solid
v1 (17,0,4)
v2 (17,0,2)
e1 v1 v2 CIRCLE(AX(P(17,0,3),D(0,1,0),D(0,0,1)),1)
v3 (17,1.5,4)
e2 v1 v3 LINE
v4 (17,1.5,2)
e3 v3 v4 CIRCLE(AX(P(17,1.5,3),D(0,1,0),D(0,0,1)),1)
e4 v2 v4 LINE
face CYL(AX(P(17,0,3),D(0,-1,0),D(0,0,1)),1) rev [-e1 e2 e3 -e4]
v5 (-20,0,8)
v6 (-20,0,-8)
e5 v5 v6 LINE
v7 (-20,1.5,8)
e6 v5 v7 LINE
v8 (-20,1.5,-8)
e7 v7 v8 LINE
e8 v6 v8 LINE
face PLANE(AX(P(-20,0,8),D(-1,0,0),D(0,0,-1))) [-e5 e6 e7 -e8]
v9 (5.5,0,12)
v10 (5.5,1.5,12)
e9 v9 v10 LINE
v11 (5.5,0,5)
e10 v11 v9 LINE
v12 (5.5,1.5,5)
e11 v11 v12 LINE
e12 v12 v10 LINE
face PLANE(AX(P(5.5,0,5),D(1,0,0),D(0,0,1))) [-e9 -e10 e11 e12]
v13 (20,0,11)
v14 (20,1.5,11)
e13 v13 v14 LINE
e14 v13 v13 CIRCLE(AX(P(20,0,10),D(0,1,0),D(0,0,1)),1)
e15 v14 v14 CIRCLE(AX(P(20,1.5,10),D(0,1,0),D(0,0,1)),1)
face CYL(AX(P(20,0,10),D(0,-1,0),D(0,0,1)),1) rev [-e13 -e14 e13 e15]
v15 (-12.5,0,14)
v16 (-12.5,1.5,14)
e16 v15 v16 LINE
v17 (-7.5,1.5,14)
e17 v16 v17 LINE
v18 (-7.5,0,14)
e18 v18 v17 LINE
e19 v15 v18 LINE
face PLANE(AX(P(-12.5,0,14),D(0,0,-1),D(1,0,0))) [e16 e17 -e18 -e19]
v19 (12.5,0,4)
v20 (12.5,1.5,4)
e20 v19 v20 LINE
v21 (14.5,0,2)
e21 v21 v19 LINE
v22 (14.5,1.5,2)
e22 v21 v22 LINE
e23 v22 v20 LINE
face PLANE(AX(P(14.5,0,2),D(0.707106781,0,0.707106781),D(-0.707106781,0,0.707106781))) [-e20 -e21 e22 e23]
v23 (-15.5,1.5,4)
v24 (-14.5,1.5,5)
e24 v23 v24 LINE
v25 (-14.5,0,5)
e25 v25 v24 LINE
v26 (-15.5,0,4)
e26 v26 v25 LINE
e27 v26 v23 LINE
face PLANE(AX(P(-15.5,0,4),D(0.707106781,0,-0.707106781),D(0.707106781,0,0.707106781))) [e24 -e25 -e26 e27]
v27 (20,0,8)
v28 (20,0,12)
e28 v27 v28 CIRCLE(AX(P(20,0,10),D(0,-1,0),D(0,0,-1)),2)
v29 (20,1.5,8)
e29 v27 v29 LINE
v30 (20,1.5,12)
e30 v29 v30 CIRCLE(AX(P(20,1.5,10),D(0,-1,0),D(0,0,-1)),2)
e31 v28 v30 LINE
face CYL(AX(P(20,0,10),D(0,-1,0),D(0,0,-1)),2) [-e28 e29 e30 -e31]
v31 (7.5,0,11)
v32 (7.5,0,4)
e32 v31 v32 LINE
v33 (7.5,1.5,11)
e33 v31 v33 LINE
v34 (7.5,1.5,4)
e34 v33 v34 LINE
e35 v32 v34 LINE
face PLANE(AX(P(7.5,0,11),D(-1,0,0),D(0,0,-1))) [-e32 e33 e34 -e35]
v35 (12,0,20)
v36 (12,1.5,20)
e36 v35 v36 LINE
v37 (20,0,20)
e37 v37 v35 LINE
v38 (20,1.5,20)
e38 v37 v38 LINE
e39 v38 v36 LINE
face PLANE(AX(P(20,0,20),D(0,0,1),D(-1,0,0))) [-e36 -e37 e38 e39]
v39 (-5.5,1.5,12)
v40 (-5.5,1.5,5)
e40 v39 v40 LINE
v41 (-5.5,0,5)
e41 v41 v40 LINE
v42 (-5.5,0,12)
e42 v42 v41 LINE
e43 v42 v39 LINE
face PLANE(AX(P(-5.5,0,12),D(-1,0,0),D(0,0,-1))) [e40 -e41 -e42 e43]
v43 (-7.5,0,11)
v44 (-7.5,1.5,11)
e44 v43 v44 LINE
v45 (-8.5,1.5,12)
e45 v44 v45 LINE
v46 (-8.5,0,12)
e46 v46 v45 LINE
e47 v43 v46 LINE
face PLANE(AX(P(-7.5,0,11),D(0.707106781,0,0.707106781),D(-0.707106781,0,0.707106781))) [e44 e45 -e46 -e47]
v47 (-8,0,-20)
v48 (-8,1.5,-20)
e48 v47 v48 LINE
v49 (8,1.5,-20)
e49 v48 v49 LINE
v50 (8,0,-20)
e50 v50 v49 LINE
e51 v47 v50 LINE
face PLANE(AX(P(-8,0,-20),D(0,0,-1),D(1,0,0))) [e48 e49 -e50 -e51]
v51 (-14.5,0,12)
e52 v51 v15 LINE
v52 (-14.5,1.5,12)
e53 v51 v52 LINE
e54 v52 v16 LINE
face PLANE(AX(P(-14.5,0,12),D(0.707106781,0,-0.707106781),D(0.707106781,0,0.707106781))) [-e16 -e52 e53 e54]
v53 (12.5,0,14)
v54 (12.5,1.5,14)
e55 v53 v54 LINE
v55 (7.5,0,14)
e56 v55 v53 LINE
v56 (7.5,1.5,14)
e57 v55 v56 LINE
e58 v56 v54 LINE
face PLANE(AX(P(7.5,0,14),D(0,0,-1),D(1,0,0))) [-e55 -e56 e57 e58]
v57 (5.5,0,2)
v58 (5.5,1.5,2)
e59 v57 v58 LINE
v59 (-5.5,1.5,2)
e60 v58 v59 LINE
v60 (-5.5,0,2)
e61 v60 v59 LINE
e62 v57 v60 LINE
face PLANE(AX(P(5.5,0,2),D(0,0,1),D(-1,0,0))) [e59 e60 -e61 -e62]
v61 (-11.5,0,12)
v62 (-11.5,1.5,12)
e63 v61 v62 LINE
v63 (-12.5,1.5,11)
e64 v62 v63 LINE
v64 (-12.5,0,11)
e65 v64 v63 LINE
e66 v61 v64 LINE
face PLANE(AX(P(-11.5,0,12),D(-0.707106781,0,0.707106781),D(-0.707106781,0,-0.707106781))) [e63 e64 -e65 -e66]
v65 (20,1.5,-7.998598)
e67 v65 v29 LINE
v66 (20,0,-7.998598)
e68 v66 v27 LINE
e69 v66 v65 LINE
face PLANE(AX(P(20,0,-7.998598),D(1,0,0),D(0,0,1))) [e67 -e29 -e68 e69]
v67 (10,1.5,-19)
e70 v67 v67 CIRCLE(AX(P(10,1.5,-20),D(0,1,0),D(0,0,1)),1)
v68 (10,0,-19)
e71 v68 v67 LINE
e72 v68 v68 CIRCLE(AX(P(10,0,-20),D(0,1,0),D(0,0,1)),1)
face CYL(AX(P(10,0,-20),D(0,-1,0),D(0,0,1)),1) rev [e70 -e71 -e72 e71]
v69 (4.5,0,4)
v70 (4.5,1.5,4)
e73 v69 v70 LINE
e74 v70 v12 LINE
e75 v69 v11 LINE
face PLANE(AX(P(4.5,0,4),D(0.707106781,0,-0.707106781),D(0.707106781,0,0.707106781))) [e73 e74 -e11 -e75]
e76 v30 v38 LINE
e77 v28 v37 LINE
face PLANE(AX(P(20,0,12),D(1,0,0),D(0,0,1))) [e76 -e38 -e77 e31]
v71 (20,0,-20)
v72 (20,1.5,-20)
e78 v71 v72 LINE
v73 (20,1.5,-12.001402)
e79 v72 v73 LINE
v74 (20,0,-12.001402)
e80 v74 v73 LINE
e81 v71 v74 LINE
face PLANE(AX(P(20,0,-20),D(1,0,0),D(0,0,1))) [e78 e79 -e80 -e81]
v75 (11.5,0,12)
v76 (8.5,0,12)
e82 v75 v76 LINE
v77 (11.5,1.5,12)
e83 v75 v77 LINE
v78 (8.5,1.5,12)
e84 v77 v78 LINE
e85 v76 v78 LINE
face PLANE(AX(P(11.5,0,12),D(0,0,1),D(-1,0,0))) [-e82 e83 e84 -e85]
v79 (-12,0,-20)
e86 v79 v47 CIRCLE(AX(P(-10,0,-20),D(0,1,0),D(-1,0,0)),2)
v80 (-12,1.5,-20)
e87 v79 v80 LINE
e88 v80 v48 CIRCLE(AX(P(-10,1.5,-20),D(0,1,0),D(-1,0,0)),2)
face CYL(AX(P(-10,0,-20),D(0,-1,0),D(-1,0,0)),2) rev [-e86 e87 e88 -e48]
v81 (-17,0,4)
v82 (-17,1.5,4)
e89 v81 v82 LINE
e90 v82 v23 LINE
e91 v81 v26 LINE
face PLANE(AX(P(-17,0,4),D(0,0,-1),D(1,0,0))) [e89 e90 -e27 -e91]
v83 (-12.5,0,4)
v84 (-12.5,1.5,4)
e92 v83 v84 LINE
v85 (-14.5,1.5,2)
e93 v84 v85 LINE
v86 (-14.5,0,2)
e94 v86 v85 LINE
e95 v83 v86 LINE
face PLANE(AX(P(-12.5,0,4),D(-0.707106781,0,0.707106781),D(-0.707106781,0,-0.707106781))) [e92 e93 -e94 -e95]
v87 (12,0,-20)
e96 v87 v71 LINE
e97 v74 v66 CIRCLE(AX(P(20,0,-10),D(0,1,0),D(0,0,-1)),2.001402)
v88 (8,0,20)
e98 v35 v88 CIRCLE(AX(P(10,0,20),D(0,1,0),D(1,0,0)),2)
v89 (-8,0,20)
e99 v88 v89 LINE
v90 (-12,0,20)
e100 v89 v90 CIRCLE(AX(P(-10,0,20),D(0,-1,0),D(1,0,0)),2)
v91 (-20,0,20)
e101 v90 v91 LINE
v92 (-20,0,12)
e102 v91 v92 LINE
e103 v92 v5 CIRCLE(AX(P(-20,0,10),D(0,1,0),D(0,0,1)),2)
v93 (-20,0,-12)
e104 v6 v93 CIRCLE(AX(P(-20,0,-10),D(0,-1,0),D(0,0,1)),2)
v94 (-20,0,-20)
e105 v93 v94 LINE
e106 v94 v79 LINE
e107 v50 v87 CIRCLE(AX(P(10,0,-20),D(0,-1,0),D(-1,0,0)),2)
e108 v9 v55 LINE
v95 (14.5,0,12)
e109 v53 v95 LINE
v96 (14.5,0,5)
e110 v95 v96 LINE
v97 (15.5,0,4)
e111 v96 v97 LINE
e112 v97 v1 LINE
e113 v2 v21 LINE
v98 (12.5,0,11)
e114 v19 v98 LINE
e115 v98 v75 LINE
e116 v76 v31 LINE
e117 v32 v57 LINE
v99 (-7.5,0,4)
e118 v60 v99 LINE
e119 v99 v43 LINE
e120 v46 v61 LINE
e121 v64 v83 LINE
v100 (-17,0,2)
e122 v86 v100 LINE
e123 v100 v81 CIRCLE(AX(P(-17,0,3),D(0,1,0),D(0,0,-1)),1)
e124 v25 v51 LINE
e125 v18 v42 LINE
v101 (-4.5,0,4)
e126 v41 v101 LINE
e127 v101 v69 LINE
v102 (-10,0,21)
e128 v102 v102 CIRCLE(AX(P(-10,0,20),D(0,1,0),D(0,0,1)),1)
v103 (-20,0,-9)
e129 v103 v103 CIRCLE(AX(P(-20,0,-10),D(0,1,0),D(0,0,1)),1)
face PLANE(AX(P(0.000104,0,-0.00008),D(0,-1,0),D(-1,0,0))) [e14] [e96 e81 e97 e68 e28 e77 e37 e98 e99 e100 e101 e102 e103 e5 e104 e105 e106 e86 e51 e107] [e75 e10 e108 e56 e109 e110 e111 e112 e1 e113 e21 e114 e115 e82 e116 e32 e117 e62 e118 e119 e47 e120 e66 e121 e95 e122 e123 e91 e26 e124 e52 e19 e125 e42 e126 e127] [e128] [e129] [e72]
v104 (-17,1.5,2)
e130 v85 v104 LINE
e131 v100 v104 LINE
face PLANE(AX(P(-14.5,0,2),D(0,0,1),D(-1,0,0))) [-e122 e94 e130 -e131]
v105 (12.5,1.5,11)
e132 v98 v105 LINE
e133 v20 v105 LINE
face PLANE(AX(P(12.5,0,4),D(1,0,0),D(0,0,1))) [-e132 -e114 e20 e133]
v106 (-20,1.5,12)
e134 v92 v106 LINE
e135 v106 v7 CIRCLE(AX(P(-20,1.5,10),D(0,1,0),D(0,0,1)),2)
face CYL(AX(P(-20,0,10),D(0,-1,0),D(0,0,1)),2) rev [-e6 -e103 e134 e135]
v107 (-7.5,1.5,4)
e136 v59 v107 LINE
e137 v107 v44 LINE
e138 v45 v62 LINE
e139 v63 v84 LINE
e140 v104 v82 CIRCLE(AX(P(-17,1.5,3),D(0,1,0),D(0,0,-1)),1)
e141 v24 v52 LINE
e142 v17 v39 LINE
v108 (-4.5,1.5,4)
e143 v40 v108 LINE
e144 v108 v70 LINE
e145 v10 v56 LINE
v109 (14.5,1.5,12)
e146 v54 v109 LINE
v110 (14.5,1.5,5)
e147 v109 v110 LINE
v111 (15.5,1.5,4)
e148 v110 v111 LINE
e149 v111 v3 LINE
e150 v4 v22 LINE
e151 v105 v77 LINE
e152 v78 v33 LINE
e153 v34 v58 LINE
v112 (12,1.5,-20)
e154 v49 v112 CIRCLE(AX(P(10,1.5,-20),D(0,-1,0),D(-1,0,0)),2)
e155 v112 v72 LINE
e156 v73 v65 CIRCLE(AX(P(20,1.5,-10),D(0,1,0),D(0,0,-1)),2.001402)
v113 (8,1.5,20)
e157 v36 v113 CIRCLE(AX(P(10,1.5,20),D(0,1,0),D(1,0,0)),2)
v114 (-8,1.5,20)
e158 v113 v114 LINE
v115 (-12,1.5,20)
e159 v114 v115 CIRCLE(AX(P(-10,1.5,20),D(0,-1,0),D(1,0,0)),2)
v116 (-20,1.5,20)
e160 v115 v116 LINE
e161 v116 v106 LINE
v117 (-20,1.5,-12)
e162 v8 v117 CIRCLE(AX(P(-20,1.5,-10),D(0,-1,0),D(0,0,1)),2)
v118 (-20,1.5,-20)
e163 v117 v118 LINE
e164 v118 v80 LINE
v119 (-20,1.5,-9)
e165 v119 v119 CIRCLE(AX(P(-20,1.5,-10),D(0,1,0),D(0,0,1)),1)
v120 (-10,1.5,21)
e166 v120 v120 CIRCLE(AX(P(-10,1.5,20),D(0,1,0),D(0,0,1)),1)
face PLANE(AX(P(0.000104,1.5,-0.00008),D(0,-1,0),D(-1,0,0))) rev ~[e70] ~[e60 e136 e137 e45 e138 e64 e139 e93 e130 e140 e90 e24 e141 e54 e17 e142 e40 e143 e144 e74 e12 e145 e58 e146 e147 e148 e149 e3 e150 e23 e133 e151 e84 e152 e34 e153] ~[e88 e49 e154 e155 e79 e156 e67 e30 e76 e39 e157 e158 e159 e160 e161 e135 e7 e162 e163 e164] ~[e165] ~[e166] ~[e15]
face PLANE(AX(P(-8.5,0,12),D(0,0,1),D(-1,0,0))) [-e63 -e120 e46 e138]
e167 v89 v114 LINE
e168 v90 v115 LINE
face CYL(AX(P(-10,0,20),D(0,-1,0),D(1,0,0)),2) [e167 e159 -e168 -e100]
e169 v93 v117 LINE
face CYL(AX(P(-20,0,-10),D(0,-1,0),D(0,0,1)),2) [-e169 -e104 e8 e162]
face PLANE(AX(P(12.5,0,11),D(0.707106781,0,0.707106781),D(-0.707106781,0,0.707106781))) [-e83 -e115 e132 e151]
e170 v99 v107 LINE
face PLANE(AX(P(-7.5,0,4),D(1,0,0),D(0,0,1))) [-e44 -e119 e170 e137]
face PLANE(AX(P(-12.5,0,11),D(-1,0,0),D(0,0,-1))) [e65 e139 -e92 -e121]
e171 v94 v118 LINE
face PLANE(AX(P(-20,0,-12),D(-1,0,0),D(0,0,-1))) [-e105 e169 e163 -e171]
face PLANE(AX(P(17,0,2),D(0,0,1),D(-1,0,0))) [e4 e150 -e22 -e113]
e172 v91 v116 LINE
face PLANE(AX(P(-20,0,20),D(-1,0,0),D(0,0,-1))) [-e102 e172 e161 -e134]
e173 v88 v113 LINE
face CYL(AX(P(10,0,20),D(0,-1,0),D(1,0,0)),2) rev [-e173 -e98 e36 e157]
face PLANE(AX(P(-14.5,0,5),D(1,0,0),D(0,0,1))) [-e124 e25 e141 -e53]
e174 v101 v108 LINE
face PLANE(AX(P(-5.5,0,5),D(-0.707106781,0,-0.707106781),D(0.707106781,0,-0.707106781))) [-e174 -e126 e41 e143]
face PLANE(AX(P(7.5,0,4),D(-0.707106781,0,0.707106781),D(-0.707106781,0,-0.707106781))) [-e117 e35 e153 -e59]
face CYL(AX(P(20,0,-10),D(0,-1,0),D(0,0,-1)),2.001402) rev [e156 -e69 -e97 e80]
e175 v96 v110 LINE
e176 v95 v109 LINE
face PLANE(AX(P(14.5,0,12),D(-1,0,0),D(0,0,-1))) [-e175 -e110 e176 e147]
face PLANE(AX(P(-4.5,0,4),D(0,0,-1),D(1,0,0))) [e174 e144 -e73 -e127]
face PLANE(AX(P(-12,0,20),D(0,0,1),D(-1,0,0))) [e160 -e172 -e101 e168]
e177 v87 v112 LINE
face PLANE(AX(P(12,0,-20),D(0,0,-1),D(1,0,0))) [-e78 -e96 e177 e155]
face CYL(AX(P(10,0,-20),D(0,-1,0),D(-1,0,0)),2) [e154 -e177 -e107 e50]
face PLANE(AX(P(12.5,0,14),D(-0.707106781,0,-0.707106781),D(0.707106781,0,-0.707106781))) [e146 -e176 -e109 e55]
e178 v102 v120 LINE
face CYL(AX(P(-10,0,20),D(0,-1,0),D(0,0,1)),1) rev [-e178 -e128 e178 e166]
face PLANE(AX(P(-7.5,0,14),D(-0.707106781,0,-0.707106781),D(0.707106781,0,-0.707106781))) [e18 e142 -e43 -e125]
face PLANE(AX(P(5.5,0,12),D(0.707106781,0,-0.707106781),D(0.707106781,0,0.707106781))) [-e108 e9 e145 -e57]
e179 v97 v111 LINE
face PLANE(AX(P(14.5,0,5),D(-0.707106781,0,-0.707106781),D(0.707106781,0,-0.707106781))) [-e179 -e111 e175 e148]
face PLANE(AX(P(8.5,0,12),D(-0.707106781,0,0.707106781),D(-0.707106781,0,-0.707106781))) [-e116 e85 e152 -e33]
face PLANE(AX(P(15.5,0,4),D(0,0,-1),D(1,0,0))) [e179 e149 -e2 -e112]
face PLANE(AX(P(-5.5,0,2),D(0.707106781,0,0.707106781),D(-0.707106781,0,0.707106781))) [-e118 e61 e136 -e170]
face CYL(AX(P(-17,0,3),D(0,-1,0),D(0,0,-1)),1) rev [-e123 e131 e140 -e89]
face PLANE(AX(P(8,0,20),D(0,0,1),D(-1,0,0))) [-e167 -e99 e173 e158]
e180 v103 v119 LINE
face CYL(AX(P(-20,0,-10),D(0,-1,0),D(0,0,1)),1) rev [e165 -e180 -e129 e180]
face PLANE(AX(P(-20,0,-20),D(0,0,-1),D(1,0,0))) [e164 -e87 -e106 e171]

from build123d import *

# Parameters (mm, degrees)
ESQUISSE1_R        = 1
BOSS_EXTRU_1_DEPTH = 1.5


with BuildPart() as part:
    # Esquisse1 → Boss.-Extru.1 (new body)
    with BuildSketch(Plane(origin=(0, 0, 0), x_dir=(1, 0, 0), z_dir=(0, 1, 0))):
        with BuildLine():
            Line((-20, 20), (-12, 20))
            ThreePointArc((-12, 20), (-10, 18), (-8, 20))
            Line((-8, 20), (8, 20))
            ThreePointArc((8, 20), (10, 22), (12, 20))
            Line((12, 20), (20, 20))
            Line((20, 20), (20, 12.001401689))
            ThreePointArc((20, 12.001401689), (17.998598311, 10), (20, 7.998598311))
            Line((20, 7.998598311), (20, -8))
            ThreePointArc((20, -8), (22, -10), (20, -12))
            Line((20, -12), (20, -20))
            Line((20, -20), (12, -20))
            ThreePointArc((12, -20), (10, -18), (8, -20))
            Line((8, -20), (-8, -20))
            ThreePointArc((-8, -20), (-10, -22), (-12, -20))
            Line((-12, -20), (-20, -20))
            Line((-20, -20), (-20, -12))
            ThreePointArc((-20, -12), (-18, -10), (-20, -8))
            Line((-20, -8), (-20, 8))
            ThreePointArc((-20, 8), (-22, 10), (-20, 12))
            Line((-20, 12), (-20, 20))
        make_face()
        with Locations(Location((-10, -20, 0), (0, 0, 270))):  # turned: the seam where the file's is
            Circle(ESQUISSE1_R, mode=Mode.SUBTRACT)
        with Locations(Location((20, -10, 0), (0, 0, 270))):  # turned: the seam where the file's is
            Circle(ESQUISSE1_R, mode=Mode.SUBTRACT)
        with Locations(Location((-20, 10, 0), (0, 0, 270))):  # turned: the seam where the file's is
            Circle(ESQUISSE1_R, mode=Mode.SUBTRACT)
        with Locations(Location((10, 20, 0), (0, 0, 270))):  # turned: the seam where the file's is
            Circle(ESQUISSE1_R, mode=Mode.SUBTRACT)
        with BuildLine():
            Line((-17, -4), (-15.5, -4))
            Line((-15.5, -4), (-14.5, -5))
            Line((-14.5, -5), (-14.5, -12))
            Line((-14.5, -12), (-12.5, -14))
            Line((-12.5, -14), (-7.5, -14))
            Line((-7.5, -14), (-5.5, -12))
            Line((-5.5, -12), (-5.5, -5))
            Line((-5.5, -5), (-4.5, -4))
            Line((-4.5, -4), (4.5, -4))
            Line((4.5, -4), (5.5, -5))
            Line((5.5, -5), (5.5, -12))
            Line((5.5, -12), (7.5, -14))
            Line((7.5, -14), (12.5, -14))
            Line((12.5, -14), (14.5, -12))
            Line((14.5, -12), (14.5, -5))
            Line((14.5, -5), (15.5, -4))
            Line((15.5, -4), (17, -4))
            ThreePointArc((17, -4), (18, -3), (17, -2))
            Line((17, -2), (14.5, -2))
            Line((14.5, -2), (12.5, -4))
            Line((12.5, -4), (12.5, -11))
            Line((12.5, -11), (11.5, -12))
            Line((11.5, -12), (8.5, -12))
            Line((8.5, -12), (7.5, -11))
            Line((7.5, -11), (7.5, -4))
            Line((7.5, -4), (5.5, -2))
            Line((5.5, -2), (-5.5, -2))
            Line((-5.5, -2), (-7.5, -4))
            Line((-7.5, -4), (-7.5, -11))
            Line((-7.5, -11), (-8.5, -12))
            Line((-8.5, -12), (-11.5, -12))
            Line((-11.5, -12), (-12.5, -11))
            Line((-12.5, -11), (-12.5, -4))
            Line((-12.5, -4), (-14.5, -2))
            Line((-14.5, -2), (-17, -2))
            ThreePointArc((-17, -2), (-18, -3), (-17, -4))
        make_face(mode=Mode.SUBTRACT)
    extrude(amount=BOSS_EXTRU_1_DEPTH)


solid = part.part
